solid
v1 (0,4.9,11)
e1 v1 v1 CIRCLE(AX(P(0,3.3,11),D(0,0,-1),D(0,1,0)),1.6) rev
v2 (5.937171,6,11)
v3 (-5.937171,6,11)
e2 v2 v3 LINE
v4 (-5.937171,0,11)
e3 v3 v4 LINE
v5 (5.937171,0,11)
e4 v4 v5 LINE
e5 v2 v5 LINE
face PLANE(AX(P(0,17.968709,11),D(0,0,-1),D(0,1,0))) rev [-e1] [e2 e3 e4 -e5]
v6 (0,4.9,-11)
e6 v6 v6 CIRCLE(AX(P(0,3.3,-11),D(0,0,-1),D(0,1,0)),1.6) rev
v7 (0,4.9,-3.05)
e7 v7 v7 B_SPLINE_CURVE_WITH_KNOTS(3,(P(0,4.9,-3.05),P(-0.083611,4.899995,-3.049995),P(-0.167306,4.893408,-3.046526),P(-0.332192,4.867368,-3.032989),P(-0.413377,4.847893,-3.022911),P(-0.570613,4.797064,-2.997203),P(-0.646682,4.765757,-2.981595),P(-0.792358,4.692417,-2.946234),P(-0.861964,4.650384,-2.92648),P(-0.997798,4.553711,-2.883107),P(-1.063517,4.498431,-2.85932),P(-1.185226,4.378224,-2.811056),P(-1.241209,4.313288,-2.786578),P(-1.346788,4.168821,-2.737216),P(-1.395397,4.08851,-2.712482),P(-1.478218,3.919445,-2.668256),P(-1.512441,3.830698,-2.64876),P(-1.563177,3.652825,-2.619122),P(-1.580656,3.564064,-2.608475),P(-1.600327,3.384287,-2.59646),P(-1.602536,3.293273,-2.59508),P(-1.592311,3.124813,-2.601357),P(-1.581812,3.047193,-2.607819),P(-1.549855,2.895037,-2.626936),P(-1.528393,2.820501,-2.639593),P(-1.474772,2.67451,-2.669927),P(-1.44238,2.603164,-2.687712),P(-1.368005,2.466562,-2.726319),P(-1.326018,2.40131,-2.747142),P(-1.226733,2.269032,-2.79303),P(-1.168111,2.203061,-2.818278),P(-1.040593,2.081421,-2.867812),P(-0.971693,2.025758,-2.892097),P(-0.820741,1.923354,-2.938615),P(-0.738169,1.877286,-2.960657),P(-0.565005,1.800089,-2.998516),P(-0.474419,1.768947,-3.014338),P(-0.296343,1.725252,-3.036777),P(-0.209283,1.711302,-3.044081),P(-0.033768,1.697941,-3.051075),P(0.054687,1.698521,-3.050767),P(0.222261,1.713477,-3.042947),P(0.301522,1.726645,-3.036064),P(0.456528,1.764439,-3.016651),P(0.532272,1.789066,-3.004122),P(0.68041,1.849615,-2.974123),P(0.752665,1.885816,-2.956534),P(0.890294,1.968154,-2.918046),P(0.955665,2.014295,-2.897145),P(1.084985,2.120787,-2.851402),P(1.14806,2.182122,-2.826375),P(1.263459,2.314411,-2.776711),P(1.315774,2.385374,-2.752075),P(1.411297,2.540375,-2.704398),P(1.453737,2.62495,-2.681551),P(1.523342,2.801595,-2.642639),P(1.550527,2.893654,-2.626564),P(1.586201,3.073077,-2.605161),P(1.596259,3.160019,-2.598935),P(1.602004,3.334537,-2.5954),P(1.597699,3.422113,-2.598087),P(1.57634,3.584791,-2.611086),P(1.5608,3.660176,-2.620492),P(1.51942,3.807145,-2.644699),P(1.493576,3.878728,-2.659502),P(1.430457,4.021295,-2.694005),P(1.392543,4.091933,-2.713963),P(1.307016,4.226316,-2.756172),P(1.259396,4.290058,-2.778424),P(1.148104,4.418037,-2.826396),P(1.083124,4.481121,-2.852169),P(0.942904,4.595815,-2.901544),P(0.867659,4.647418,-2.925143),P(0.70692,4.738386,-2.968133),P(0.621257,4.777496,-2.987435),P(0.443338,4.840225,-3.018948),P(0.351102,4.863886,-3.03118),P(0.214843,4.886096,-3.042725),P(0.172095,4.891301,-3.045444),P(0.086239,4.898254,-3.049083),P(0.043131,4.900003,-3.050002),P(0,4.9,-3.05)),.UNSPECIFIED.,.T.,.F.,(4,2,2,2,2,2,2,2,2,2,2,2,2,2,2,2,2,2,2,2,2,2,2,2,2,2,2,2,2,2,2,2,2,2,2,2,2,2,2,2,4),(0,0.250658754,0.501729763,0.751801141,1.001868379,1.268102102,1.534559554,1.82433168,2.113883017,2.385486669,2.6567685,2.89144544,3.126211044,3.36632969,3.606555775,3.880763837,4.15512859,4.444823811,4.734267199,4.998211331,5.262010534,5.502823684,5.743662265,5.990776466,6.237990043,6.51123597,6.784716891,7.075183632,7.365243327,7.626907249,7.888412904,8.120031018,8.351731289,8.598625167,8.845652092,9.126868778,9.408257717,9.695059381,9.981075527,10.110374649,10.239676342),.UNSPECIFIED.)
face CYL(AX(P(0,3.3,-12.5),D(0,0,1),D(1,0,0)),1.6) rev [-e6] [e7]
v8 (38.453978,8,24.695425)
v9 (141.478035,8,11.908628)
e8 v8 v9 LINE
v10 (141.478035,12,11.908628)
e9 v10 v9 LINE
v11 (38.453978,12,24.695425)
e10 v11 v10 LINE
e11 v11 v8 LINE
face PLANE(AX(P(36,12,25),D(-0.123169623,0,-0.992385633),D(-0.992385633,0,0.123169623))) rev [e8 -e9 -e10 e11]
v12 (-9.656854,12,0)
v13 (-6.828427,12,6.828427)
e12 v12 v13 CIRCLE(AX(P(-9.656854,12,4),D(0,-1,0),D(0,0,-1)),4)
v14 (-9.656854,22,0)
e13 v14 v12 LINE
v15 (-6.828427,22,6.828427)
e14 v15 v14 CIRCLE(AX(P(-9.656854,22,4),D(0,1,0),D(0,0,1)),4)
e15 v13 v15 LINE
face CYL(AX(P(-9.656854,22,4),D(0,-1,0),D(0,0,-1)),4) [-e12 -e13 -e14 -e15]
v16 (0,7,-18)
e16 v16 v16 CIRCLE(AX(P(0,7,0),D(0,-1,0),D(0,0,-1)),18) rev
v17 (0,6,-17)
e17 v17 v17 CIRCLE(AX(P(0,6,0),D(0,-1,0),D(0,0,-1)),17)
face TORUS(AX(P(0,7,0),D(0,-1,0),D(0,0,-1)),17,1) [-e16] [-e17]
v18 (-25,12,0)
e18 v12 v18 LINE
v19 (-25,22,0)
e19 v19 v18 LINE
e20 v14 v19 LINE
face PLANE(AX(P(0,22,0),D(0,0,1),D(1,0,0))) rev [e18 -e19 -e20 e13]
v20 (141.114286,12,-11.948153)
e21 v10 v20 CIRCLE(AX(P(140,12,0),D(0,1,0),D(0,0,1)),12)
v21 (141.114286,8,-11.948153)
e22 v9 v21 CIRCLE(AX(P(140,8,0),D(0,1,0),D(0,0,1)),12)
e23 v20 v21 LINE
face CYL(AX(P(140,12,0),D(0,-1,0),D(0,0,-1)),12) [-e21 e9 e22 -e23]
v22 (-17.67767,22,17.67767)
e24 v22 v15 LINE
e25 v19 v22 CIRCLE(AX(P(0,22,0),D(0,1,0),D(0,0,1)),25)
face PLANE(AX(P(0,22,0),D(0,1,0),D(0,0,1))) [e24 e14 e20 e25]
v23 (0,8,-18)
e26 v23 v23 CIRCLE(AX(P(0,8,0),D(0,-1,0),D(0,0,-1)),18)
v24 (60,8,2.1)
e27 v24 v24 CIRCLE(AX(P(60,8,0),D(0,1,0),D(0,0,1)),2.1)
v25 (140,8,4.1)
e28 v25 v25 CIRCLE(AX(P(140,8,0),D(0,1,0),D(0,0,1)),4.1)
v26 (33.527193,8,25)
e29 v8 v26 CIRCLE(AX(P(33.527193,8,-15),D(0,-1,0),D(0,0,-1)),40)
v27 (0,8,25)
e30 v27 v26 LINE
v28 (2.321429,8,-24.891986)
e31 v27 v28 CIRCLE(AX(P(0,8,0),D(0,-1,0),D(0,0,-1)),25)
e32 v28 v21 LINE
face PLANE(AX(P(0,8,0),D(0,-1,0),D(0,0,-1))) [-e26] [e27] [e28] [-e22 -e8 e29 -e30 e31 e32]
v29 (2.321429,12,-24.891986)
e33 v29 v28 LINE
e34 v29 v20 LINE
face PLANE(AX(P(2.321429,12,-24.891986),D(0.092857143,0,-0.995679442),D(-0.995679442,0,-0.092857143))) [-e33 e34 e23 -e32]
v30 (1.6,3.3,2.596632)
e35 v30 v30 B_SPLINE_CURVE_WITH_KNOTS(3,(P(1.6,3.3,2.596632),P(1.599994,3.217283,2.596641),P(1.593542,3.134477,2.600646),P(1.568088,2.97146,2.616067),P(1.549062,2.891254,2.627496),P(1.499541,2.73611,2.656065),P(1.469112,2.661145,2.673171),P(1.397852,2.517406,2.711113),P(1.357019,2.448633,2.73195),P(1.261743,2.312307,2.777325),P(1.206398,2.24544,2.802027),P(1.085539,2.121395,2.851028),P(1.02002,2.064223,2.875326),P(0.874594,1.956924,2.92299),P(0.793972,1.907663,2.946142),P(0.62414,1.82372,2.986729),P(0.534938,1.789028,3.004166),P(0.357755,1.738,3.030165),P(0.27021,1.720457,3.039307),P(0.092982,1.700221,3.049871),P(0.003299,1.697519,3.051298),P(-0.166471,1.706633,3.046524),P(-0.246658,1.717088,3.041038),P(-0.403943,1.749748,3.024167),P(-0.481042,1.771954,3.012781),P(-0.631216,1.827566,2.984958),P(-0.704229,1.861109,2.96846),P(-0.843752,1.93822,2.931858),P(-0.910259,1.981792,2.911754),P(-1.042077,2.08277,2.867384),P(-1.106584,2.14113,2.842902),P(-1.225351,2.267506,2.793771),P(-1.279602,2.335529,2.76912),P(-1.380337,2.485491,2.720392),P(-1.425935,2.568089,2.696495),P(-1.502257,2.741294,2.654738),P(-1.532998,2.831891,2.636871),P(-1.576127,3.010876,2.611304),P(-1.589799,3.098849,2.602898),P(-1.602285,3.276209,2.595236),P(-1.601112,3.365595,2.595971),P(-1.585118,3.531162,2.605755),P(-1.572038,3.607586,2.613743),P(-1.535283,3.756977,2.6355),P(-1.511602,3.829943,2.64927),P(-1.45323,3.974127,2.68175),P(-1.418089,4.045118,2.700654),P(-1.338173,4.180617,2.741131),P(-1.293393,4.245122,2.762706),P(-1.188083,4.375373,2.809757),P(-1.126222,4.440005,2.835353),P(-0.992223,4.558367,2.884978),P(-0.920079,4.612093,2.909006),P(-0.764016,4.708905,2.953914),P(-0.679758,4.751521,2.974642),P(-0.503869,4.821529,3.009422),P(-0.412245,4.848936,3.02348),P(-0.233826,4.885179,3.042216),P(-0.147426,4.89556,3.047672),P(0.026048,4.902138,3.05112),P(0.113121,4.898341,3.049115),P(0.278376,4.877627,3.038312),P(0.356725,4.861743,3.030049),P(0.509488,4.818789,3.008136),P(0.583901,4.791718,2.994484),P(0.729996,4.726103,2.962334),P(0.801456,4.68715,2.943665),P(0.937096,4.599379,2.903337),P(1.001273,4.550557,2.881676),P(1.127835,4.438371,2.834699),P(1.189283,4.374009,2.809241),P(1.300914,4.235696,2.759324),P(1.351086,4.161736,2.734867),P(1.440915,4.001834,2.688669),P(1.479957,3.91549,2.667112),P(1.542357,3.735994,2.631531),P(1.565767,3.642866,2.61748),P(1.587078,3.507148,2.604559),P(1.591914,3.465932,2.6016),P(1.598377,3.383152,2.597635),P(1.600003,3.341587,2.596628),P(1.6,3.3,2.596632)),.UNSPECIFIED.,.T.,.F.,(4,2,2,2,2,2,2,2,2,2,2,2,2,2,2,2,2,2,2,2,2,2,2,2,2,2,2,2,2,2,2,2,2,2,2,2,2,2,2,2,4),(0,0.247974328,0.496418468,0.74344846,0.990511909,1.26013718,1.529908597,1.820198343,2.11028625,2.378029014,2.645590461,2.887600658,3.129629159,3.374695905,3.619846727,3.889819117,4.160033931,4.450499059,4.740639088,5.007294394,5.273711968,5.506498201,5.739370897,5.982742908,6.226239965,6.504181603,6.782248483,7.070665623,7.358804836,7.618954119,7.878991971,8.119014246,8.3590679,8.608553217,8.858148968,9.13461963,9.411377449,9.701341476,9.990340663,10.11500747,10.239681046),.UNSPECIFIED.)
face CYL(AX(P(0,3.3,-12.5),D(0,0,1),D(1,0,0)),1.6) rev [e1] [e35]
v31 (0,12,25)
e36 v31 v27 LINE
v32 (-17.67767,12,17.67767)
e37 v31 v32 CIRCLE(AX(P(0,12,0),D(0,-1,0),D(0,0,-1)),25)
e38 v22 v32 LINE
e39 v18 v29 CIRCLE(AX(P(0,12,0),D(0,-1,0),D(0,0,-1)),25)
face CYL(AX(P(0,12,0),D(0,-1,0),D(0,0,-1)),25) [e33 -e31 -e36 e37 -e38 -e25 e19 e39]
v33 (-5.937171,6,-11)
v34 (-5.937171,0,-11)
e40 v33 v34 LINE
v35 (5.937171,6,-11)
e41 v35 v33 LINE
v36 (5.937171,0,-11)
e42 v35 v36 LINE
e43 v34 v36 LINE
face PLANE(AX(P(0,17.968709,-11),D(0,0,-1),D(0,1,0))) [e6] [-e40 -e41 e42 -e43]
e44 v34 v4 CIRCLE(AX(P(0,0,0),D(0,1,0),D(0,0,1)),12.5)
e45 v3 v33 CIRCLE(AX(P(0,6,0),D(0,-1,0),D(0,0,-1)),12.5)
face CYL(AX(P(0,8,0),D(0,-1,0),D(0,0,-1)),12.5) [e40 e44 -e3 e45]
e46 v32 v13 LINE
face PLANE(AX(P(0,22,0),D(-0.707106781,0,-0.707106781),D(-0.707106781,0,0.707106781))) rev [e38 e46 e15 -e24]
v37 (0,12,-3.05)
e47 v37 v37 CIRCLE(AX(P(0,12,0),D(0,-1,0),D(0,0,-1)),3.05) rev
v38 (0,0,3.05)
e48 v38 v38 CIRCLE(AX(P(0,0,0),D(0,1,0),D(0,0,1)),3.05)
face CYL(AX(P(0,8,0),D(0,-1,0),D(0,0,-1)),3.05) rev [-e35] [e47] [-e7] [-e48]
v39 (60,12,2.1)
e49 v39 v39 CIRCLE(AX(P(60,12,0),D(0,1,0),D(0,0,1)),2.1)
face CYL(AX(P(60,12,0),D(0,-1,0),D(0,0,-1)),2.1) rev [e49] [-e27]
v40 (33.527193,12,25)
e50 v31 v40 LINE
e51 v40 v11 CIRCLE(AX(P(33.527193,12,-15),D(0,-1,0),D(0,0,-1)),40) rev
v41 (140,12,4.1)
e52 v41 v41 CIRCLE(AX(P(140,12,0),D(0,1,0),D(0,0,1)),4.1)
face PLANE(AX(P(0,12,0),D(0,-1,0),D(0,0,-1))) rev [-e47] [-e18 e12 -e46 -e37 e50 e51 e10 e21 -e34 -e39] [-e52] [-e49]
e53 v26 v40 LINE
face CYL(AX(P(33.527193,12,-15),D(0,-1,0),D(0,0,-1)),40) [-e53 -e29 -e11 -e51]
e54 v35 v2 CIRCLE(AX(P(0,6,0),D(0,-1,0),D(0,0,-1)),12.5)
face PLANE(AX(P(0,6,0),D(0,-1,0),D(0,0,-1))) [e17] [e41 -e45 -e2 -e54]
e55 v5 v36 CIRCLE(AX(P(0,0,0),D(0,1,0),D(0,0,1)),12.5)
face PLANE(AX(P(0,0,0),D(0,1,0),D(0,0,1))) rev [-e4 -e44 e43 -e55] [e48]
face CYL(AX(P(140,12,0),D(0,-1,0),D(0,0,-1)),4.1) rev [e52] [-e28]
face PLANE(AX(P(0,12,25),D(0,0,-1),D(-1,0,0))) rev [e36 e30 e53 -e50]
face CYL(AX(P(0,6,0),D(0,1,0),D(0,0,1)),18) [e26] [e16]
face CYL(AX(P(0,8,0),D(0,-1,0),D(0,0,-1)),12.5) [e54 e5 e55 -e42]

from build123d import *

# Parameters (mm, degrees)
SKETCH_1_R          = 12.5
SKETCH_1_R_2        = 3.05
EXTRUDE_1_DEPTH     = 8
SKETCH_2_R          = 1.6
CUT_EXTRUDE_4_DEPTH = 12.5
SKETCH_3_R          = 4.1
SKETCH_3_R_2        = 2.1
EXTRUDE_2_DEPTH     = 4
SKETCH_4_R          = 18
EXTRUDE_3_DEPTH     = 2
FILLET_2_R          = 40
FILLET_1_R          = 1
EXTRUDE_4_DEPTH     = 10
FILLET_3_R          = 4
SKETCH_6_R          = 3.05
CUT_EXTRUDE_5_DEPTH = 12
CUT_EXTRUDE_6_REACH = 157.605


with BuildPart() as part:
    # 草图1 → 凸台-拉伸1 (new body)
    with BuildSketch(Plane(origin=(0, 0, 0), x_dir=(1, 0, 0), z_dir=(0, 1, 0))):
        with Locations(Location((0, 0, 0), (0, 0, 270))):
            Circle(SKETCH_1_R)
        with Locations(Location((0, 0, 0), (0, 0, 270))):
            Circle(SKETCH_1_R_2, mode=Mode.SUBTRACT)
    extrude(amount=EXTRUDE_1_DEPTH)

    # 草图2 → 切除-拉伸4 (cut, symmetric)
    with BuildSketch(Plane.XY):
        with Locations((0, 3.3)):
            Circle(SKETCH_2_R)
    extrude(amount=CUT_EXTRUDE_4_DEPTH, both=True, mode=Mode.SUBTRACT)

    # 草图3 → 凸台-拉伸2 (add)
    with BuildSketch(Plane(origin=(0, 8, 0), x_dir=(1, 0, 0), z_dir=(0, 1, 0))):
        with BuildLine():
            Line((2.321428571, 24.891986047), (141.114285714, 11.948153303))
            ThreePointArc((141.114285714, 11.948153303), (151.998605375, 0.182945465), (141.478035479, -11.908627592))
            Line((141.478035479, -11.908627592), (36, -25))
            Line((36, -25), (0, -25))
            ThreePointArc((0, -25), (-24.972981912, 1.161970054), (2.321428571, 24.891986047))
        make_face()
        with Locations(Location((140, 0, 0), (0, 0, 270))):
            Circle(SKETCH_3_R, mode=Mode.SUBTRACT)
        with Locations(Location((60, 0, 0), (0, 0, 270))):
            Circle(SKETCH_3_R_2, mode=Mode.SUBTRACT)
    extrude(amount=EXTRUDE_2_DEPTH)

    # 草图4 → 凸台-拉伸3 (add)
    with BuildSketch(Plane.XZ.offset(-8)):
        with Locations(Location((0, 0, 0), (0, 0, 270))):
            Circle(SKETCH_4_R)
    extrude(amount=EXTRUDE_3_DEPTH)

    # 圆角2
    fillet_2_edges = [part.edges().sort_by_distance(p)[0] for p in [
        (36, 10, 25),
    ]]
    fillet(fillet_2_edges, radius=FILLET_2_R)

    # 圆角1
    fillet_1_edges = [part.edges().sort_by_distance(p)[0] for p in [
        (0, 6, 18),
    ]]
    fillet(fillet_1_edges, radius=FILLET_1_R)

    # 草图5 → 凸台-拉伸4 (add)
    with BuildSketch(Plane(origin=(0, 12, 0), x_dir=(1, 0, 0), z_dir=(0, 1, 0))):
        with BuildLine():
            Line((0, 0), (-25, 0))
            ThreePointArc((-25, 0), (-23.096988313, -9.567085809), (-17.67766953, -17.67766953))
            Line((-17.67766953, -17.67766953), (0, 0))
        make_face()
    extrude(amount=EXTRUDE_4_DEPTH)

    # 圆角3
    fillet_3_edges = [part.edges().sort_by_distance(p)[0] for p in [
        (0, 17, 0),
    ]]
    fillet(fillet_3_edges, radius=FILLET_3_R)

    # 草图6 → 切除-拉伸5 (cut)
    with BuildSketch(Plane.XZ):
        with Locations(Location((0, 0, 0), (0, 0, 270))):
            Circle(SKETCH_6_R)
    extrude(amount=-CUT_EXTRUDE_5_DEPTH, mode=Mode.SUBTRACT)

    # 切除-拉伸6: up to this face of the body (flat: up to its plane)
    cut_extrude_6_end = Plane(part.part.faces().sort_by_distance((0, 6, 16.519167389))[0])
    # 草图7 → 切除-拉伸6 (cut, up to the picked face)
    with BuildSketch(Plane.XZ, mode=Mode.PRIVATE) as cut_extrude_6_sk1:
        with BuildLine():
            ThreePointArc((5.937171044, 11), (0, 12.5), (-5.937171044, 11))
            Line((-5.937171044, 11), (5.937171044, 11))
        make_face()
    cut_extrude_6_tool1 = split(extrude(cut_extrude_6_sk1.sketch, amount=-CUT_EXTRUDE_6_REACH, mode=Mode.PRIVATE), bisect_by=cut_extrude_6_end, keep=Keep.BOTH, mode=Mode.PRIVATE)
    # 草图7 → 切除-拉伸6 (cut, up to the picked face)
    with BuildSketch(Plane.XZ, mode=Mode.PRIVATE) as cut_extrude_6_sk2:
        with BuildLine():
            Line((5.937171044, -11), (-5.937171044, -11))
            ThreePointArc((-5.937171044, -11), (0, -12.5), (5.937171044, -11))
        make_face()
    cut_extrude_6_tool2 = split(extrude(cut_extrude_6_sk2.sketch, amount=-CUT_EXTRUDE_6_REACH, mode=Mode.PRIVATE), bisect_by=cut_extrude_6_end, keep=Keep.BOTH, mode=Mode.PRIVATE)
    add(cut_extrude_6_tool1.solids().sort_by(Axis((0, 0, 11.603197), (0, 1, 0)))[0], mode=Mode.SUBTRACT)
    add(cut_extrude_6_tool2.solids().sort_by(Axis((0, 0, -11.603197), (0, 1, 0)))[0], mode=Mode.SUBTRACT)


solid = part.part
